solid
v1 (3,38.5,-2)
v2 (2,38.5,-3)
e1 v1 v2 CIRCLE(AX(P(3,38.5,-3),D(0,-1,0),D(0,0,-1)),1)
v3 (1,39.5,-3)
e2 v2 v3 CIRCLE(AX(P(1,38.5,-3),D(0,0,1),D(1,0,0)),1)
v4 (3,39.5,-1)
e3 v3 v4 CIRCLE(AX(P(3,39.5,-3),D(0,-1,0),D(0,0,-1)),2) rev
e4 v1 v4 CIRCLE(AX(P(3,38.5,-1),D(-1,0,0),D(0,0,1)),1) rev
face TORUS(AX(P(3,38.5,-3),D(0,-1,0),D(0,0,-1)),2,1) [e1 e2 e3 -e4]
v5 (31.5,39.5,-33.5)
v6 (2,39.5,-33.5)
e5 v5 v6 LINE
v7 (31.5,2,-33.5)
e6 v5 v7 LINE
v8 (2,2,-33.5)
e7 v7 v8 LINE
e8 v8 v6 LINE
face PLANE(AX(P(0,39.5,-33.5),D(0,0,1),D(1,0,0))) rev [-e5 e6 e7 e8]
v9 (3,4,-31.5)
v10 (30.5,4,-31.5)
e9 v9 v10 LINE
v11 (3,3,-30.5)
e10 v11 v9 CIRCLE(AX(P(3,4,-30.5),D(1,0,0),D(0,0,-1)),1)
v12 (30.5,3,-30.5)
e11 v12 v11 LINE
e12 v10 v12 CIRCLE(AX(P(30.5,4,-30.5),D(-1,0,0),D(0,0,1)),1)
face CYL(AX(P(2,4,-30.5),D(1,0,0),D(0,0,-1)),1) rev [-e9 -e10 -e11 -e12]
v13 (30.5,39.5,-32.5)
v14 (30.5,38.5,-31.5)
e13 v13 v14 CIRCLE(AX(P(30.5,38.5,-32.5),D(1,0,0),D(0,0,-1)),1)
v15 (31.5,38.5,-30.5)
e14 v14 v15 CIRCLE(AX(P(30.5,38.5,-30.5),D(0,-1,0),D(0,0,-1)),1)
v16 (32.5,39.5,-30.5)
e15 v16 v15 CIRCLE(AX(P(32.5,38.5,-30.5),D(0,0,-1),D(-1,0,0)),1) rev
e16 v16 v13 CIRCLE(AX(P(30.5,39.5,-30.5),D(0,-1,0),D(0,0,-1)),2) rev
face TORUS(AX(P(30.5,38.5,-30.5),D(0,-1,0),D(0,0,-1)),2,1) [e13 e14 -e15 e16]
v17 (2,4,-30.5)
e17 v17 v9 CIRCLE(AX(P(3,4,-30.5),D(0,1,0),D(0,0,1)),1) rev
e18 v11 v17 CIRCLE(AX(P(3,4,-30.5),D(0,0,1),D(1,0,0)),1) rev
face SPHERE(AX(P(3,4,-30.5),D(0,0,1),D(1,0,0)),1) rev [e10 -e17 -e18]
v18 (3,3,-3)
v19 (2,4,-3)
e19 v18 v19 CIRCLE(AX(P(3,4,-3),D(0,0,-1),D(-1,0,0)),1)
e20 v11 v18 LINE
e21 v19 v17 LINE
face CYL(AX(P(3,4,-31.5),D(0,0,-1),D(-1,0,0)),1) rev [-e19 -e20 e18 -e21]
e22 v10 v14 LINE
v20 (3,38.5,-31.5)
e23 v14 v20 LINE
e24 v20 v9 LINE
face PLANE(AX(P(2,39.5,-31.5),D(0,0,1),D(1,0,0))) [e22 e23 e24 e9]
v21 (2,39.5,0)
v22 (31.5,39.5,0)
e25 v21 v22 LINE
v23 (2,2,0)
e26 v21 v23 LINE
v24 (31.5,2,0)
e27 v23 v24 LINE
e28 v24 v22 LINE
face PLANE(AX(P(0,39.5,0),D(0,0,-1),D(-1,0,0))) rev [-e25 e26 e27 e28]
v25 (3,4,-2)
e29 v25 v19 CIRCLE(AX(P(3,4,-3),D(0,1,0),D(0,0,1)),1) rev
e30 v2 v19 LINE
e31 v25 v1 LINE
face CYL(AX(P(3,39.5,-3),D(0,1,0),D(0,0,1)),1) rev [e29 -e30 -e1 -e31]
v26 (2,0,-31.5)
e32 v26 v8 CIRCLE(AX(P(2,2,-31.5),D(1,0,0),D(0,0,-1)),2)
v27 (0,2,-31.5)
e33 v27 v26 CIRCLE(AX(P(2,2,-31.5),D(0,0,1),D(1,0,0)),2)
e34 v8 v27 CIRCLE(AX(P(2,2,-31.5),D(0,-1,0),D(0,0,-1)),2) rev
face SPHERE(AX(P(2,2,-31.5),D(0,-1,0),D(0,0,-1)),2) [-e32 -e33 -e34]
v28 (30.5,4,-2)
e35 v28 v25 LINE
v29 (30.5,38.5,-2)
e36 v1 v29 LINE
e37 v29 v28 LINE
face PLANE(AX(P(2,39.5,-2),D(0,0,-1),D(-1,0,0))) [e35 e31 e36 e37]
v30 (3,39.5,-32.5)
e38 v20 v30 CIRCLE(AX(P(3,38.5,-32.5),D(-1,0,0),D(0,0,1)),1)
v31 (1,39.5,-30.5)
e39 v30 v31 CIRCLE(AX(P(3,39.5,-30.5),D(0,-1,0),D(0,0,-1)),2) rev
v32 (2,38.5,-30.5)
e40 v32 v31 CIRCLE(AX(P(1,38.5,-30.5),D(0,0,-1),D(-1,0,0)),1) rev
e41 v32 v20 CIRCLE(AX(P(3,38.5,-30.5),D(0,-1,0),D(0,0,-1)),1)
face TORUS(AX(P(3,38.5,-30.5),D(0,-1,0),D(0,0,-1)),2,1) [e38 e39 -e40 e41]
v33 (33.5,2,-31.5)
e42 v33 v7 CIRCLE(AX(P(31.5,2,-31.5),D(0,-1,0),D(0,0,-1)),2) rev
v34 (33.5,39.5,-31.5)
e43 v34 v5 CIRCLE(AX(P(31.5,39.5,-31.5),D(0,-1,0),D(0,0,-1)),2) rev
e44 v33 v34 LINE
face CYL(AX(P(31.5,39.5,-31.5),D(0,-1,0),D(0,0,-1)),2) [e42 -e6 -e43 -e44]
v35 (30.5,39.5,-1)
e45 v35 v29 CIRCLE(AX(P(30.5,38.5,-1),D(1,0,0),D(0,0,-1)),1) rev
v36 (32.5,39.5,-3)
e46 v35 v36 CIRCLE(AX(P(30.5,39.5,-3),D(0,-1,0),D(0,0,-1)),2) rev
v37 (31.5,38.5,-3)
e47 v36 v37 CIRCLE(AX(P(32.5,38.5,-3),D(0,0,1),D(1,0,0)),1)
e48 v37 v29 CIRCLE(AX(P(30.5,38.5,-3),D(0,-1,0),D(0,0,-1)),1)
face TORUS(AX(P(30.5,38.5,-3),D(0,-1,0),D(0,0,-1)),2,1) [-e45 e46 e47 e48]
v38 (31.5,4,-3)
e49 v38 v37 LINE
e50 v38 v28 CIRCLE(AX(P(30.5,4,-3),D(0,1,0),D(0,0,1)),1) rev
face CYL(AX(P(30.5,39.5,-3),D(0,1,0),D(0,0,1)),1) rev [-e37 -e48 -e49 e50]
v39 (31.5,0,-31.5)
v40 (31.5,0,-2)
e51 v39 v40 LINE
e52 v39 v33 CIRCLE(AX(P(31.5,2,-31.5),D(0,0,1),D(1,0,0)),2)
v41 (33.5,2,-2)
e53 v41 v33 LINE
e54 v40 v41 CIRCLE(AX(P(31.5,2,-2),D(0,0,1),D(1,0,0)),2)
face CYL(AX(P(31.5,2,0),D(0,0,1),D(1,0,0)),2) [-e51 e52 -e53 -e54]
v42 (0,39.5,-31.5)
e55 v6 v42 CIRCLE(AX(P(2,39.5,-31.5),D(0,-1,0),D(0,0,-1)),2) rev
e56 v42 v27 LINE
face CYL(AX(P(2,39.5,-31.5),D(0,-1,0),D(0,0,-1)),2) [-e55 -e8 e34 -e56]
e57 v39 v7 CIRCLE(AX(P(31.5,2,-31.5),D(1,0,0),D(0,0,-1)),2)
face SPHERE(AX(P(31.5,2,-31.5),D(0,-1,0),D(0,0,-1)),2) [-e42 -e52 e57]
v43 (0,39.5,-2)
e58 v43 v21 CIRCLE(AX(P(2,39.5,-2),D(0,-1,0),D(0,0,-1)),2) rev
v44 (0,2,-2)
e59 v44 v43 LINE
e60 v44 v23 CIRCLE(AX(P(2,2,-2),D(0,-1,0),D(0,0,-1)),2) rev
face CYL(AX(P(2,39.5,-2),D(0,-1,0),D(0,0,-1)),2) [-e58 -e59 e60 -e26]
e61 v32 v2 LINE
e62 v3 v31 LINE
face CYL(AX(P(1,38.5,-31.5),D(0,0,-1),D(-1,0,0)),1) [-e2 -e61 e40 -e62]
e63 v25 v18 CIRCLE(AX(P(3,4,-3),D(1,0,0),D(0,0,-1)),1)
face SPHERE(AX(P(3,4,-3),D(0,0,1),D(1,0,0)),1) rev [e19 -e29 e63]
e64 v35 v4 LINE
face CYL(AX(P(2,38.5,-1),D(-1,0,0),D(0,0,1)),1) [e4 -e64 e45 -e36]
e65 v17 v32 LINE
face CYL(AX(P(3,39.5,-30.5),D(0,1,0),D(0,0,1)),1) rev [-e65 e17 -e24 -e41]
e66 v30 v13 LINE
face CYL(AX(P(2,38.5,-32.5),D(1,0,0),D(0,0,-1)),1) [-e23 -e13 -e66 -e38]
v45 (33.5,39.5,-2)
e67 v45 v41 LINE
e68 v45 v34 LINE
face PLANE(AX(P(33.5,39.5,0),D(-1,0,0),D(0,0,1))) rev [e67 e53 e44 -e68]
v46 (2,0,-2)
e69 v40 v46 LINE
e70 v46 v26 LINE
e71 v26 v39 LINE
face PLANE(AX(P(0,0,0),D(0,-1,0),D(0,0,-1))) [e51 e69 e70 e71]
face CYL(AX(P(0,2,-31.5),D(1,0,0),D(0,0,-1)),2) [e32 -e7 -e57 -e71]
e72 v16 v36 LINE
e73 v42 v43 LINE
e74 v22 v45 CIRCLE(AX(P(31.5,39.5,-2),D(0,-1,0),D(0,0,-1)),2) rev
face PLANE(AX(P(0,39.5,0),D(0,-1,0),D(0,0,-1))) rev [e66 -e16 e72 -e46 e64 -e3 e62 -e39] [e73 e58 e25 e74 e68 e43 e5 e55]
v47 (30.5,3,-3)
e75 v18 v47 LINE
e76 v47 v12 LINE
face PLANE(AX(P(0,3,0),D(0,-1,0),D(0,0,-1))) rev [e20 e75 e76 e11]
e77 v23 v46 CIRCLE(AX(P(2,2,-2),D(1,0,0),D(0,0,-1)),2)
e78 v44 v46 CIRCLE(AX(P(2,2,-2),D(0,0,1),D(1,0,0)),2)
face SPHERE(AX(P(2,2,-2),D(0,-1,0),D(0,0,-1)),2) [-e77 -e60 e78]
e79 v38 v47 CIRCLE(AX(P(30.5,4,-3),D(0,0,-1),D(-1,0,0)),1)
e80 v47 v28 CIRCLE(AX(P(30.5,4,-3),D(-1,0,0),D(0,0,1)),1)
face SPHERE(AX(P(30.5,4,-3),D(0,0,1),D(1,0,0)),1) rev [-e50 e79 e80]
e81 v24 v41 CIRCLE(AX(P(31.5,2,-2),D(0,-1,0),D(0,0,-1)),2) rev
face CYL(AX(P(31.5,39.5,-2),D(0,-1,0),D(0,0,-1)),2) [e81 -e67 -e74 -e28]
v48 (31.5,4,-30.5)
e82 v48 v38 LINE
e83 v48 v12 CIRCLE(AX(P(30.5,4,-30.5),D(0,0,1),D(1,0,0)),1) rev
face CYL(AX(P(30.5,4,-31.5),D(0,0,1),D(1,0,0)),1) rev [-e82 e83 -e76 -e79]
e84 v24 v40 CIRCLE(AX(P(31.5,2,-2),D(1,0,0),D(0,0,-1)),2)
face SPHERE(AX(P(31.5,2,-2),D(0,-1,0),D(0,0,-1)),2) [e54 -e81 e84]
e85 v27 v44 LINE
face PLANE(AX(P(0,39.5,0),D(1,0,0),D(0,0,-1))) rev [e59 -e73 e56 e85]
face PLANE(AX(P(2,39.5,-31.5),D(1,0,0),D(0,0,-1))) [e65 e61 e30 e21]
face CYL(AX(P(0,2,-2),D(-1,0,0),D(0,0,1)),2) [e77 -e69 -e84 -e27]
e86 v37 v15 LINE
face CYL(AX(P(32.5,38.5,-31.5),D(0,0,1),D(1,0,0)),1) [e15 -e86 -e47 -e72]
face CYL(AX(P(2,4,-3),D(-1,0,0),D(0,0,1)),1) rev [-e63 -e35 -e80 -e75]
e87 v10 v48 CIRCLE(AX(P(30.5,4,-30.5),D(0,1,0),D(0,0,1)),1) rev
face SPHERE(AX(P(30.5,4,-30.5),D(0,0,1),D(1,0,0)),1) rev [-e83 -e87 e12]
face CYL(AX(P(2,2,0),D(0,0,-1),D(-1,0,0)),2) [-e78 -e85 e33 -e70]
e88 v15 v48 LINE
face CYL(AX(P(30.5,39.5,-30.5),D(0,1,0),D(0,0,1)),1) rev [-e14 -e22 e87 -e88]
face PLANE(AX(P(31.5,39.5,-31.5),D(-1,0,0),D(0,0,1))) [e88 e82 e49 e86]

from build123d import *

# Parameters (mm, degrees)
SKETCH1_W           = 33.5
SKETCH1_H           = 33.5
SKETCH1_W_2         = 29.5
SKETCH1_H_2         = 29.5
BOSS_EXTRUDE1_DEPTH = 39.5
SKETCH2_W           = 29.5
SKETCH2_H           = 29.5
BOSS_EXTRUDE2_DEPTH = 3
FILLET_1_R          = 2
FILLET_2_R          = 2
FILLET_3_R          = 1


with BuildPart() as part:
    # Sketch1 → Boss-Extrude1 (new body)
    with BuildSketch(Plane(origin=(0, 0, 0), x_dir=(1, 0, 0), z_dir=(0, 1, 0))):
        with Locations((16.75, 16.75)):
            Rectangle(SKETCH1_W, SKETCH1_H)
        with Locations((16.75, 16.75)):
            Rectangle(SKETCH1_W_2, SKETCH1_H_2, mode=Mode.SUBTRACT)
    extrude(amount=BOSS_EXTRUDE1_DEPTH)

    # Sketch2 → Boss-Extrude2 (add)
    with BuildSketch(Plane.XZ):
        with Locations((16.75, -16.75)):
            Rectangle(SKETCH2_W, SKETCH2_H)
    extrude(amount=-BOSS_EXTRUDE2_DEPTH)

    # Скругление1
    fillet_1_edges = [part.edges().sort_by_distance(p)[0] for p in [
        (0, 19.75, -33.5),
        (33.5, 19.75, -33.5),
        (33.5, 19.75, 0),
        (0, 19.75, 0),
    ]]
    fillet(fillet_1_edges, radius=FILLET_1_R)

    # Скругление2
    fillet_2_edges = [part.edges().sort_by_distance(p)[0] for p in [
        (0, 0, -16.75),
        (16.75, 0, -33.5),
        (33.5, 0, -16.75),
        (16.75, 0, 0),
        (32.914213562, 0, -0.585786438),
        (32.914213562, 0, -32.914213562),
        (0.585786438, 0, -0.585786438),
        (0.585786438, 0, -32.914213562),
    ]]
    fillet(fillet_2_edges, radius=FILLET_2_R)

    # Скругление3
    fillet_3_edges = [part.edges().sort_by_distance(p)[0] for p in [
        (2, 21.25, -31.5),
        (2, 21.25, -2),
        (31.5, 21.25, -2),
        (31.5, 21.25, -31.5),
        (2, 39.5, -16.75),
        (16.75, 39.5, -2),
        (31.5, 39.5, -16.75),
        (16.75, 39.5, -31.5),
        (16.75, 3, -31.5),
        (2, 3, -16.75),
        (16.75, 3, -2),
        (31.5, 3, -16.75),
    ]]
    fillet(fillet_3_edges, radius=FILLET_3_R)


solid = part.part
